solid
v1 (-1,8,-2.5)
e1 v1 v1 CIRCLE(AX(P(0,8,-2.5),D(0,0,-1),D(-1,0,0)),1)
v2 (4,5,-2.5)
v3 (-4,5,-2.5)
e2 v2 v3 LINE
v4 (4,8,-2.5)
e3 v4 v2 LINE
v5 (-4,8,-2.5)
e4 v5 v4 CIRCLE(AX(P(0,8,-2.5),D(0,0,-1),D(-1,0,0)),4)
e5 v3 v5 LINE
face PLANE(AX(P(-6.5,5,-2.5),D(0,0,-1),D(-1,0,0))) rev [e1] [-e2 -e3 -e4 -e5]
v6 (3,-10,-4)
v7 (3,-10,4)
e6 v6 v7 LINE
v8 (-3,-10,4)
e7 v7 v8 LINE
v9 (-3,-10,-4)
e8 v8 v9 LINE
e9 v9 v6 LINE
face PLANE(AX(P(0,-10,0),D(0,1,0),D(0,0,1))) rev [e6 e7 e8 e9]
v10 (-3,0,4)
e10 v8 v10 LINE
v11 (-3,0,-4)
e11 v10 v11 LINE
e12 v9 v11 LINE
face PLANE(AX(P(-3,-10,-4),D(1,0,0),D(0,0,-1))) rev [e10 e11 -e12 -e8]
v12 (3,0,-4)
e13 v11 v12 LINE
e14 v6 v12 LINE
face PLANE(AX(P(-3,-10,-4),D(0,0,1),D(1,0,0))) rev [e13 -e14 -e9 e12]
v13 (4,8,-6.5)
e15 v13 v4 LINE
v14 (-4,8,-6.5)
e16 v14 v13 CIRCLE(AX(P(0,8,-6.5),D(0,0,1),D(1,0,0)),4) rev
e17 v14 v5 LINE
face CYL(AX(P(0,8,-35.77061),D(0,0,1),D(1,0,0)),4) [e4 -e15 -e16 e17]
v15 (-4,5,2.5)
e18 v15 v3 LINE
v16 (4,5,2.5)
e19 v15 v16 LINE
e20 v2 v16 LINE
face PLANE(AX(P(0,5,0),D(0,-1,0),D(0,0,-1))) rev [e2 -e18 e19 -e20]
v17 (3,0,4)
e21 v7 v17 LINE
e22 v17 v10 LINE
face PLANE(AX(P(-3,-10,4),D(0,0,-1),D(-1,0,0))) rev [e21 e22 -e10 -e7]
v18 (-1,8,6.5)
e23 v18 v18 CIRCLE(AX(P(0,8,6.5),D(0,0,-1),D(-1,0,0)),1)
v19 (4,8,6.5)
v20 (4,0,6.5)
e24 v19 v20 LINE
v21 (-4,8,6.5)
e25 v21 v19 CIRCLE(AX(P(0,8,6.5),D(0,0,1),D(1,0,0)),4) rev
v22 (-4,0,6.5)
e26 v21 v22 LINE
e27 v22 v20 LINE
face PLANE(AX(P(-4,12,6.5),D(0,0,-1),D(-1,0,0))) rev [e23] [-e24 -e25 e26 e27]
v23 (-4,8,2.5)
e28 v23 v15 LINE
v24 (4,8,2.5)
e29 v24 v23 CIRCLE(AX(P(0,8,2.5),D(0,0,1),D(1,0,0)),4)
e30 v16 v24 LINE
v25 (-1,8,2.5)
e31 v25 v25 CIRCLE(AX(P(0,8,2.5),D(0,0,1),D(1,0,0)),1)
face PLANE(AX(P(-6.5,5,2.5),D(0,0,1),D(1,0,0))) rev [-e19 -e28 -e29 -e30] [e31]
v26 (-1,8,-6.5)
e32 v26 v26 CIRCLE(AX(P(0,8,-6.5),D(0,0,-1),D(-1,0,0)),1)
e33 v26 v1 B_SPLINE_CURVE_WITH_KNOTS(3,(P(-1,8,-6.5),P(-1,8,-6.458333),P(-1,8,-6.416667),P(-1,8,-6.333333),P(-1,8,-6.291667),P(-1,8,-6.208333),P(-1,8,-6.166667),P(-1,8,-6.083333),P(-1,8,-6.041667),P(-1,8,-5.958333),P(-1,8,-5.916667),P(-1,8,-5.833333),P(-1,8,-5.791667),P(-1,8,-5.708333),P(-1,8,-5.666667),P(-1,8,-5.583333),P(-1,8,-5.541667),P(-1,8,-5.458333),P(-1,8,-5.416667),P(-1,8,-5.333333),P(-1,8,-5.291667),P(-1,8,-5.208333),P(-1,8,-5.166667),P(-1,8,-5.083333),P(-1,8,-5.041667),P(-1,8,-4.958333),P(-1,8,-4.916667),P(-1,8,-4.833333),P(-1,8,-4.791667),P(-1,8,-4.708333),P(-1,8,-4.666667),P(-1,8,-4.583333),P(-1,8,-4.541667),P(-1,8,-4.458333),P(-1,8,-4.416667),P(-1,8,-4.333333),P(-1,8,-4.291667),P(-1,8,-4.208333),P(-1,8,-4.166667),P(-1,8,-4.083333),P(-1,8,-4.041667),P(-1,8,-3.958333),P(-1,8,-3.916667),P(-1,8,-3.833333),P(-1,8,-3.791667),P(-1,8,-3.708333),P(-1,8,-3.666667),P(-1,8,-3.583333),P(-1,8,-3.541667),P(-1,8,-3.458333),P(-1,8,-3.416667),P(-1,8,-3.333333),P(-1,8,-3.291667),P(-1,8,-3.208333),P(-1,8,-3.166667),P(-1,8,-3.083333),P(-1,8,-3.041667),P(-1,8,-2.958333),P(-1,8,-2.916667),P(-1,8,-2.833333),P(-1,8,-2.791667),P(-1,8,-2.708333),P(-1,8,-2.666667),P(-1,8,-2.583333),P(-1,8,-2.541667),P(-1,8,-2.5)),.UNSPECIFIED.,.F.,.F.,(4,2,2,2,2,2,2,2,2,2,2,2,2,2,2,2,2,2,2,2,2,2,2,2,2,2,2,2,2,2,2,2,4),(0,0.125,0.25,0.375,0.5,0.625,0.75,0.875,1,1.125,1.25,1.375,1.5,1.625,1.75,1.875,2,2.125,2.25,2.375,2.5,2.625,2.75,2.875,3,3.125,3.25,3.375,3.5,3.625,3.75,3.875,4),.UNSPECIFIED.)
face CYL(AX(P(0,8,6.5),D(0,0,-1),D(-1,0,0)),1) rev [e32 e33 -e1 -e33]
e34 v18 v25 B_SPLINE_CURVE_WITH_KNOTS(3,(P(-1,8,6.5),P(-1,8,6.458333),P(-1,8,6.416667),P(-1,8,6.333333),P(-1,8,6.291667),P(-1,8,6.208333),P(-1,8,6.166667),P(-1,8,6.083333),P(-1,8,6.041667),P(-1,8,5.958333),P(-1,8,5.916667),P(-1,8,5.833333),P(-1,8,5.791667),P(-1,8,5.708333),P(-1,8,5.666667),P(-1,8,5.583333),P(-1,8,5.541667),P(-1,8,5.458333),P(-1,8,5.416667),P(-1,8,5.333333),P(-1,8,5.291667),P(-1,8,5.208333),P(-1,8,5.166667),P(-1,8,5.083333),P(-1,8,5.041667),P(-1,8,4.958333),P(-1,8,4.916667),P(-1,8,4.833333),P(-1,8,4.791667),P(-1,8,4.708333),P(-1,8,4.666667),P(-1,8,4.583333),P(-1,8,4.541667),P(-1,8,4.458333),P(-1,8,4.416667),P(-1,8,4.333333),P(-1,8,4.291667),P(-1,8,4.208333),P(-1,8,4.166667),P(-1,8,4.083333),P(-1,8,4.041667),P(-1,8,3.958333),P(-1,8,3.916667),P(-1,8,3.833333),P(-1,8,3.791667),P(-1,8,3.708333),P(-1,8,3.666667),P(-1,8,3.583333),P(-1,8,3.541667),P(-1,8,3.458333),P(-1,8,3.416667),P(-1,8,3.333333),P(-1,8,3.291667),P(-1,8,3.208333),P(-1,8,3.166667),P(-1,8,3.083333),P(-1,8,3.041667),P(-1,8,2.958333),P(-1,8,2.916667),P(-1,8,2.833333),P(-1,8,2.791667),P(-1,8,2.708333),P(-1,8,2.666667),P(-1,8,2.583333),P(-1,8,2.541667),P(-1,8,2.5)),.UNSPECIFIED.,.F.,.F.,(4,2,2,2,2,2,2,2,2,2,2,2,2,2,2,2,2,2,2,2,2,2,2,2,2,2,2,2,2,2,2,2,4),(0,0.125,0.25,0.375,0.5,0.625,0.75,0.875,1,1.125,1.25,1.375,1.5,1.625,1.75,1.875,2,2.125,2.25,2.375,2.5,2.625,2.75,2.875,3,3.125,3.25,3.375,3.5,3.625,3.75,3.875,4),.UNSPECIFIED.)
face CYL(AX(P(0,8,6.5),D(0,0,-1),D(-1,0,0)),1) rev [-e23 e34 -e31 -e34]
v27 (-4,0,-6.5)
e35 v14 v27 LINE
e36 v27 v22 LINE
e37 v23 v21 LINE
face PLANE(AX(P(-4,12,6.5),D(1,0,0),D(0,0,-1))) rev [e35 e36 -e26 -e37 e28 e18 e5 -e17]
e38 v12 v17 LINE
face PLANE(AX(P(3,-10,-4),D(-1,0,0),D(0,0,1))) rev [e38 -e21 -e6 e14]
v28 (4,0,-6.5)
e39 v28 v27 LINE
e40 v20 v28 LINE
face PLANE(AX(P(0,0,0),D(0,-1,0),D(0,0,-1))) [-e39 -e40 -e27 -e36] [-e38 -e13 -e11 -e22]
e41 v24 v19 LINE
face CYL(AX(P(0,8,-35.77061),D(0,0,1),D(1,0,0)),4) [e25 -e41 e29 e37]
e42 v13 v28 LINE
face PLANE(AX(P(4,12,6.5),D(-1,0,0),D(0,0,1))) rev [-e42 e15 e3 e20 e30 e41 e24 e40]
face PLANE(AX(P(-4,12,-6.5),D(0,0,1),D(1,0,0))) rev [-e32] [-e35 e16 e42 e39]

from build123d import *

# Parameters (mm, degrees)
SKETCH1_W           = 8
SKETCH1_H           = 13
BOSS_EXTRUDE1_DEPTH = 12
SKETCH2_W           = 13
SKETCH2_H           = 5
CUT_EXTRUDE1_DEPTH  = 7
SKETCH3_R           = 1
CUT_EXTRUDE2_DEPTH  = 19.138357147
CUT_EXTRUDE3_START  = -13
CUT_EXTRUDE3_DEPTH  = 32.138357147
SKETCH6_W           = 6
SKETCH6_H           = 8
BOSS_EXTRUDE3_DEPTH = 10


with BuildPart() as part:
    # Sketch1 → Boss-Extrude1 (new body)
    with BuildSketch(Plane(origin=(0, 0, 0), x_dir=(1, 0, 0), z_dir=(0, 1, 0))):
        Rectangle(SKETCH1_W, SKETCH1_H)
    extrude(amount=BOSS_EXTRUDE1_DEPTH)

    # Sketch2 → Cut-Extrude1 (cut)
    with BuildSketch(Plane(origin=(0, 12, 0), x_dir=(1, 0, 0), z_dir=(0, 1, 0))):
        Rectangle(SKETCH2_W, SKETCH2_H)
    extrude(amount=-CUT_EXTRUDE1_DEPTH, mode=Mode.SUBTRACT)

    # Sketch3 → Cut-Extrude2 (cut, through all)
    with BuildSketch(Plane(origin=(0, 0, -6.5), x_dir=(-1, 0, 0), z_dir=(0, 0, -1))):
        with Locations((0, 8)):
            Circle(SKETCH3_R)
    extrude(amount=-CUT_EXTRUDE2_DEPTH, mode=Mode.SUBTRACT)

    # Sketch4 → Cut-Extrude3 (cut)
    with BuildSketch(Plane(origin=(0, 0, -6.5), x_dir=(-1, 0, 0), z_dir=(0, 0, -1)).offset(CUT_EXTRUDE3_START)):
        with BuildLine():
            Line((-4, -27.298221281), (-4, 8))
            ThreePointArc((-4, 8), (-2.828427125, 10.828427125), (0, 12))
            Line((0, 12), (35.298221281, 12))
            Line((35.298221281, 12), (-14.621001982, 61.919223264))
            Line((-14.621001982, 61.919223264), (-53.919223264, 22.621001982))
            Line((-53.919223264, 22.621001982), (-4, -27.298221281))
        make_face()
    cut_extrude3 = extrude(amount=CUT_EXTRUDE3_DEPTH, mode=Mode.SUBTRACT)

    # Mirror1: Cut-Extrude3 across plane
    add(cut_extrude3.mirror(Plane(origin=(0, 0, 0), x_dir=(0, 0, 1), z_dir=(1, 0, 0))), mode=Mode.SUBTRACT)

    # Sketch6 → Boss-Extrude3 (add)
    with BuildSketch(Plane.XZ):
        Rectangle(SKETCH6_W, SKETCH6_H)
    extrude(amount=BOSS_EXTRUDE3_DEPTH)


solid = part.part
